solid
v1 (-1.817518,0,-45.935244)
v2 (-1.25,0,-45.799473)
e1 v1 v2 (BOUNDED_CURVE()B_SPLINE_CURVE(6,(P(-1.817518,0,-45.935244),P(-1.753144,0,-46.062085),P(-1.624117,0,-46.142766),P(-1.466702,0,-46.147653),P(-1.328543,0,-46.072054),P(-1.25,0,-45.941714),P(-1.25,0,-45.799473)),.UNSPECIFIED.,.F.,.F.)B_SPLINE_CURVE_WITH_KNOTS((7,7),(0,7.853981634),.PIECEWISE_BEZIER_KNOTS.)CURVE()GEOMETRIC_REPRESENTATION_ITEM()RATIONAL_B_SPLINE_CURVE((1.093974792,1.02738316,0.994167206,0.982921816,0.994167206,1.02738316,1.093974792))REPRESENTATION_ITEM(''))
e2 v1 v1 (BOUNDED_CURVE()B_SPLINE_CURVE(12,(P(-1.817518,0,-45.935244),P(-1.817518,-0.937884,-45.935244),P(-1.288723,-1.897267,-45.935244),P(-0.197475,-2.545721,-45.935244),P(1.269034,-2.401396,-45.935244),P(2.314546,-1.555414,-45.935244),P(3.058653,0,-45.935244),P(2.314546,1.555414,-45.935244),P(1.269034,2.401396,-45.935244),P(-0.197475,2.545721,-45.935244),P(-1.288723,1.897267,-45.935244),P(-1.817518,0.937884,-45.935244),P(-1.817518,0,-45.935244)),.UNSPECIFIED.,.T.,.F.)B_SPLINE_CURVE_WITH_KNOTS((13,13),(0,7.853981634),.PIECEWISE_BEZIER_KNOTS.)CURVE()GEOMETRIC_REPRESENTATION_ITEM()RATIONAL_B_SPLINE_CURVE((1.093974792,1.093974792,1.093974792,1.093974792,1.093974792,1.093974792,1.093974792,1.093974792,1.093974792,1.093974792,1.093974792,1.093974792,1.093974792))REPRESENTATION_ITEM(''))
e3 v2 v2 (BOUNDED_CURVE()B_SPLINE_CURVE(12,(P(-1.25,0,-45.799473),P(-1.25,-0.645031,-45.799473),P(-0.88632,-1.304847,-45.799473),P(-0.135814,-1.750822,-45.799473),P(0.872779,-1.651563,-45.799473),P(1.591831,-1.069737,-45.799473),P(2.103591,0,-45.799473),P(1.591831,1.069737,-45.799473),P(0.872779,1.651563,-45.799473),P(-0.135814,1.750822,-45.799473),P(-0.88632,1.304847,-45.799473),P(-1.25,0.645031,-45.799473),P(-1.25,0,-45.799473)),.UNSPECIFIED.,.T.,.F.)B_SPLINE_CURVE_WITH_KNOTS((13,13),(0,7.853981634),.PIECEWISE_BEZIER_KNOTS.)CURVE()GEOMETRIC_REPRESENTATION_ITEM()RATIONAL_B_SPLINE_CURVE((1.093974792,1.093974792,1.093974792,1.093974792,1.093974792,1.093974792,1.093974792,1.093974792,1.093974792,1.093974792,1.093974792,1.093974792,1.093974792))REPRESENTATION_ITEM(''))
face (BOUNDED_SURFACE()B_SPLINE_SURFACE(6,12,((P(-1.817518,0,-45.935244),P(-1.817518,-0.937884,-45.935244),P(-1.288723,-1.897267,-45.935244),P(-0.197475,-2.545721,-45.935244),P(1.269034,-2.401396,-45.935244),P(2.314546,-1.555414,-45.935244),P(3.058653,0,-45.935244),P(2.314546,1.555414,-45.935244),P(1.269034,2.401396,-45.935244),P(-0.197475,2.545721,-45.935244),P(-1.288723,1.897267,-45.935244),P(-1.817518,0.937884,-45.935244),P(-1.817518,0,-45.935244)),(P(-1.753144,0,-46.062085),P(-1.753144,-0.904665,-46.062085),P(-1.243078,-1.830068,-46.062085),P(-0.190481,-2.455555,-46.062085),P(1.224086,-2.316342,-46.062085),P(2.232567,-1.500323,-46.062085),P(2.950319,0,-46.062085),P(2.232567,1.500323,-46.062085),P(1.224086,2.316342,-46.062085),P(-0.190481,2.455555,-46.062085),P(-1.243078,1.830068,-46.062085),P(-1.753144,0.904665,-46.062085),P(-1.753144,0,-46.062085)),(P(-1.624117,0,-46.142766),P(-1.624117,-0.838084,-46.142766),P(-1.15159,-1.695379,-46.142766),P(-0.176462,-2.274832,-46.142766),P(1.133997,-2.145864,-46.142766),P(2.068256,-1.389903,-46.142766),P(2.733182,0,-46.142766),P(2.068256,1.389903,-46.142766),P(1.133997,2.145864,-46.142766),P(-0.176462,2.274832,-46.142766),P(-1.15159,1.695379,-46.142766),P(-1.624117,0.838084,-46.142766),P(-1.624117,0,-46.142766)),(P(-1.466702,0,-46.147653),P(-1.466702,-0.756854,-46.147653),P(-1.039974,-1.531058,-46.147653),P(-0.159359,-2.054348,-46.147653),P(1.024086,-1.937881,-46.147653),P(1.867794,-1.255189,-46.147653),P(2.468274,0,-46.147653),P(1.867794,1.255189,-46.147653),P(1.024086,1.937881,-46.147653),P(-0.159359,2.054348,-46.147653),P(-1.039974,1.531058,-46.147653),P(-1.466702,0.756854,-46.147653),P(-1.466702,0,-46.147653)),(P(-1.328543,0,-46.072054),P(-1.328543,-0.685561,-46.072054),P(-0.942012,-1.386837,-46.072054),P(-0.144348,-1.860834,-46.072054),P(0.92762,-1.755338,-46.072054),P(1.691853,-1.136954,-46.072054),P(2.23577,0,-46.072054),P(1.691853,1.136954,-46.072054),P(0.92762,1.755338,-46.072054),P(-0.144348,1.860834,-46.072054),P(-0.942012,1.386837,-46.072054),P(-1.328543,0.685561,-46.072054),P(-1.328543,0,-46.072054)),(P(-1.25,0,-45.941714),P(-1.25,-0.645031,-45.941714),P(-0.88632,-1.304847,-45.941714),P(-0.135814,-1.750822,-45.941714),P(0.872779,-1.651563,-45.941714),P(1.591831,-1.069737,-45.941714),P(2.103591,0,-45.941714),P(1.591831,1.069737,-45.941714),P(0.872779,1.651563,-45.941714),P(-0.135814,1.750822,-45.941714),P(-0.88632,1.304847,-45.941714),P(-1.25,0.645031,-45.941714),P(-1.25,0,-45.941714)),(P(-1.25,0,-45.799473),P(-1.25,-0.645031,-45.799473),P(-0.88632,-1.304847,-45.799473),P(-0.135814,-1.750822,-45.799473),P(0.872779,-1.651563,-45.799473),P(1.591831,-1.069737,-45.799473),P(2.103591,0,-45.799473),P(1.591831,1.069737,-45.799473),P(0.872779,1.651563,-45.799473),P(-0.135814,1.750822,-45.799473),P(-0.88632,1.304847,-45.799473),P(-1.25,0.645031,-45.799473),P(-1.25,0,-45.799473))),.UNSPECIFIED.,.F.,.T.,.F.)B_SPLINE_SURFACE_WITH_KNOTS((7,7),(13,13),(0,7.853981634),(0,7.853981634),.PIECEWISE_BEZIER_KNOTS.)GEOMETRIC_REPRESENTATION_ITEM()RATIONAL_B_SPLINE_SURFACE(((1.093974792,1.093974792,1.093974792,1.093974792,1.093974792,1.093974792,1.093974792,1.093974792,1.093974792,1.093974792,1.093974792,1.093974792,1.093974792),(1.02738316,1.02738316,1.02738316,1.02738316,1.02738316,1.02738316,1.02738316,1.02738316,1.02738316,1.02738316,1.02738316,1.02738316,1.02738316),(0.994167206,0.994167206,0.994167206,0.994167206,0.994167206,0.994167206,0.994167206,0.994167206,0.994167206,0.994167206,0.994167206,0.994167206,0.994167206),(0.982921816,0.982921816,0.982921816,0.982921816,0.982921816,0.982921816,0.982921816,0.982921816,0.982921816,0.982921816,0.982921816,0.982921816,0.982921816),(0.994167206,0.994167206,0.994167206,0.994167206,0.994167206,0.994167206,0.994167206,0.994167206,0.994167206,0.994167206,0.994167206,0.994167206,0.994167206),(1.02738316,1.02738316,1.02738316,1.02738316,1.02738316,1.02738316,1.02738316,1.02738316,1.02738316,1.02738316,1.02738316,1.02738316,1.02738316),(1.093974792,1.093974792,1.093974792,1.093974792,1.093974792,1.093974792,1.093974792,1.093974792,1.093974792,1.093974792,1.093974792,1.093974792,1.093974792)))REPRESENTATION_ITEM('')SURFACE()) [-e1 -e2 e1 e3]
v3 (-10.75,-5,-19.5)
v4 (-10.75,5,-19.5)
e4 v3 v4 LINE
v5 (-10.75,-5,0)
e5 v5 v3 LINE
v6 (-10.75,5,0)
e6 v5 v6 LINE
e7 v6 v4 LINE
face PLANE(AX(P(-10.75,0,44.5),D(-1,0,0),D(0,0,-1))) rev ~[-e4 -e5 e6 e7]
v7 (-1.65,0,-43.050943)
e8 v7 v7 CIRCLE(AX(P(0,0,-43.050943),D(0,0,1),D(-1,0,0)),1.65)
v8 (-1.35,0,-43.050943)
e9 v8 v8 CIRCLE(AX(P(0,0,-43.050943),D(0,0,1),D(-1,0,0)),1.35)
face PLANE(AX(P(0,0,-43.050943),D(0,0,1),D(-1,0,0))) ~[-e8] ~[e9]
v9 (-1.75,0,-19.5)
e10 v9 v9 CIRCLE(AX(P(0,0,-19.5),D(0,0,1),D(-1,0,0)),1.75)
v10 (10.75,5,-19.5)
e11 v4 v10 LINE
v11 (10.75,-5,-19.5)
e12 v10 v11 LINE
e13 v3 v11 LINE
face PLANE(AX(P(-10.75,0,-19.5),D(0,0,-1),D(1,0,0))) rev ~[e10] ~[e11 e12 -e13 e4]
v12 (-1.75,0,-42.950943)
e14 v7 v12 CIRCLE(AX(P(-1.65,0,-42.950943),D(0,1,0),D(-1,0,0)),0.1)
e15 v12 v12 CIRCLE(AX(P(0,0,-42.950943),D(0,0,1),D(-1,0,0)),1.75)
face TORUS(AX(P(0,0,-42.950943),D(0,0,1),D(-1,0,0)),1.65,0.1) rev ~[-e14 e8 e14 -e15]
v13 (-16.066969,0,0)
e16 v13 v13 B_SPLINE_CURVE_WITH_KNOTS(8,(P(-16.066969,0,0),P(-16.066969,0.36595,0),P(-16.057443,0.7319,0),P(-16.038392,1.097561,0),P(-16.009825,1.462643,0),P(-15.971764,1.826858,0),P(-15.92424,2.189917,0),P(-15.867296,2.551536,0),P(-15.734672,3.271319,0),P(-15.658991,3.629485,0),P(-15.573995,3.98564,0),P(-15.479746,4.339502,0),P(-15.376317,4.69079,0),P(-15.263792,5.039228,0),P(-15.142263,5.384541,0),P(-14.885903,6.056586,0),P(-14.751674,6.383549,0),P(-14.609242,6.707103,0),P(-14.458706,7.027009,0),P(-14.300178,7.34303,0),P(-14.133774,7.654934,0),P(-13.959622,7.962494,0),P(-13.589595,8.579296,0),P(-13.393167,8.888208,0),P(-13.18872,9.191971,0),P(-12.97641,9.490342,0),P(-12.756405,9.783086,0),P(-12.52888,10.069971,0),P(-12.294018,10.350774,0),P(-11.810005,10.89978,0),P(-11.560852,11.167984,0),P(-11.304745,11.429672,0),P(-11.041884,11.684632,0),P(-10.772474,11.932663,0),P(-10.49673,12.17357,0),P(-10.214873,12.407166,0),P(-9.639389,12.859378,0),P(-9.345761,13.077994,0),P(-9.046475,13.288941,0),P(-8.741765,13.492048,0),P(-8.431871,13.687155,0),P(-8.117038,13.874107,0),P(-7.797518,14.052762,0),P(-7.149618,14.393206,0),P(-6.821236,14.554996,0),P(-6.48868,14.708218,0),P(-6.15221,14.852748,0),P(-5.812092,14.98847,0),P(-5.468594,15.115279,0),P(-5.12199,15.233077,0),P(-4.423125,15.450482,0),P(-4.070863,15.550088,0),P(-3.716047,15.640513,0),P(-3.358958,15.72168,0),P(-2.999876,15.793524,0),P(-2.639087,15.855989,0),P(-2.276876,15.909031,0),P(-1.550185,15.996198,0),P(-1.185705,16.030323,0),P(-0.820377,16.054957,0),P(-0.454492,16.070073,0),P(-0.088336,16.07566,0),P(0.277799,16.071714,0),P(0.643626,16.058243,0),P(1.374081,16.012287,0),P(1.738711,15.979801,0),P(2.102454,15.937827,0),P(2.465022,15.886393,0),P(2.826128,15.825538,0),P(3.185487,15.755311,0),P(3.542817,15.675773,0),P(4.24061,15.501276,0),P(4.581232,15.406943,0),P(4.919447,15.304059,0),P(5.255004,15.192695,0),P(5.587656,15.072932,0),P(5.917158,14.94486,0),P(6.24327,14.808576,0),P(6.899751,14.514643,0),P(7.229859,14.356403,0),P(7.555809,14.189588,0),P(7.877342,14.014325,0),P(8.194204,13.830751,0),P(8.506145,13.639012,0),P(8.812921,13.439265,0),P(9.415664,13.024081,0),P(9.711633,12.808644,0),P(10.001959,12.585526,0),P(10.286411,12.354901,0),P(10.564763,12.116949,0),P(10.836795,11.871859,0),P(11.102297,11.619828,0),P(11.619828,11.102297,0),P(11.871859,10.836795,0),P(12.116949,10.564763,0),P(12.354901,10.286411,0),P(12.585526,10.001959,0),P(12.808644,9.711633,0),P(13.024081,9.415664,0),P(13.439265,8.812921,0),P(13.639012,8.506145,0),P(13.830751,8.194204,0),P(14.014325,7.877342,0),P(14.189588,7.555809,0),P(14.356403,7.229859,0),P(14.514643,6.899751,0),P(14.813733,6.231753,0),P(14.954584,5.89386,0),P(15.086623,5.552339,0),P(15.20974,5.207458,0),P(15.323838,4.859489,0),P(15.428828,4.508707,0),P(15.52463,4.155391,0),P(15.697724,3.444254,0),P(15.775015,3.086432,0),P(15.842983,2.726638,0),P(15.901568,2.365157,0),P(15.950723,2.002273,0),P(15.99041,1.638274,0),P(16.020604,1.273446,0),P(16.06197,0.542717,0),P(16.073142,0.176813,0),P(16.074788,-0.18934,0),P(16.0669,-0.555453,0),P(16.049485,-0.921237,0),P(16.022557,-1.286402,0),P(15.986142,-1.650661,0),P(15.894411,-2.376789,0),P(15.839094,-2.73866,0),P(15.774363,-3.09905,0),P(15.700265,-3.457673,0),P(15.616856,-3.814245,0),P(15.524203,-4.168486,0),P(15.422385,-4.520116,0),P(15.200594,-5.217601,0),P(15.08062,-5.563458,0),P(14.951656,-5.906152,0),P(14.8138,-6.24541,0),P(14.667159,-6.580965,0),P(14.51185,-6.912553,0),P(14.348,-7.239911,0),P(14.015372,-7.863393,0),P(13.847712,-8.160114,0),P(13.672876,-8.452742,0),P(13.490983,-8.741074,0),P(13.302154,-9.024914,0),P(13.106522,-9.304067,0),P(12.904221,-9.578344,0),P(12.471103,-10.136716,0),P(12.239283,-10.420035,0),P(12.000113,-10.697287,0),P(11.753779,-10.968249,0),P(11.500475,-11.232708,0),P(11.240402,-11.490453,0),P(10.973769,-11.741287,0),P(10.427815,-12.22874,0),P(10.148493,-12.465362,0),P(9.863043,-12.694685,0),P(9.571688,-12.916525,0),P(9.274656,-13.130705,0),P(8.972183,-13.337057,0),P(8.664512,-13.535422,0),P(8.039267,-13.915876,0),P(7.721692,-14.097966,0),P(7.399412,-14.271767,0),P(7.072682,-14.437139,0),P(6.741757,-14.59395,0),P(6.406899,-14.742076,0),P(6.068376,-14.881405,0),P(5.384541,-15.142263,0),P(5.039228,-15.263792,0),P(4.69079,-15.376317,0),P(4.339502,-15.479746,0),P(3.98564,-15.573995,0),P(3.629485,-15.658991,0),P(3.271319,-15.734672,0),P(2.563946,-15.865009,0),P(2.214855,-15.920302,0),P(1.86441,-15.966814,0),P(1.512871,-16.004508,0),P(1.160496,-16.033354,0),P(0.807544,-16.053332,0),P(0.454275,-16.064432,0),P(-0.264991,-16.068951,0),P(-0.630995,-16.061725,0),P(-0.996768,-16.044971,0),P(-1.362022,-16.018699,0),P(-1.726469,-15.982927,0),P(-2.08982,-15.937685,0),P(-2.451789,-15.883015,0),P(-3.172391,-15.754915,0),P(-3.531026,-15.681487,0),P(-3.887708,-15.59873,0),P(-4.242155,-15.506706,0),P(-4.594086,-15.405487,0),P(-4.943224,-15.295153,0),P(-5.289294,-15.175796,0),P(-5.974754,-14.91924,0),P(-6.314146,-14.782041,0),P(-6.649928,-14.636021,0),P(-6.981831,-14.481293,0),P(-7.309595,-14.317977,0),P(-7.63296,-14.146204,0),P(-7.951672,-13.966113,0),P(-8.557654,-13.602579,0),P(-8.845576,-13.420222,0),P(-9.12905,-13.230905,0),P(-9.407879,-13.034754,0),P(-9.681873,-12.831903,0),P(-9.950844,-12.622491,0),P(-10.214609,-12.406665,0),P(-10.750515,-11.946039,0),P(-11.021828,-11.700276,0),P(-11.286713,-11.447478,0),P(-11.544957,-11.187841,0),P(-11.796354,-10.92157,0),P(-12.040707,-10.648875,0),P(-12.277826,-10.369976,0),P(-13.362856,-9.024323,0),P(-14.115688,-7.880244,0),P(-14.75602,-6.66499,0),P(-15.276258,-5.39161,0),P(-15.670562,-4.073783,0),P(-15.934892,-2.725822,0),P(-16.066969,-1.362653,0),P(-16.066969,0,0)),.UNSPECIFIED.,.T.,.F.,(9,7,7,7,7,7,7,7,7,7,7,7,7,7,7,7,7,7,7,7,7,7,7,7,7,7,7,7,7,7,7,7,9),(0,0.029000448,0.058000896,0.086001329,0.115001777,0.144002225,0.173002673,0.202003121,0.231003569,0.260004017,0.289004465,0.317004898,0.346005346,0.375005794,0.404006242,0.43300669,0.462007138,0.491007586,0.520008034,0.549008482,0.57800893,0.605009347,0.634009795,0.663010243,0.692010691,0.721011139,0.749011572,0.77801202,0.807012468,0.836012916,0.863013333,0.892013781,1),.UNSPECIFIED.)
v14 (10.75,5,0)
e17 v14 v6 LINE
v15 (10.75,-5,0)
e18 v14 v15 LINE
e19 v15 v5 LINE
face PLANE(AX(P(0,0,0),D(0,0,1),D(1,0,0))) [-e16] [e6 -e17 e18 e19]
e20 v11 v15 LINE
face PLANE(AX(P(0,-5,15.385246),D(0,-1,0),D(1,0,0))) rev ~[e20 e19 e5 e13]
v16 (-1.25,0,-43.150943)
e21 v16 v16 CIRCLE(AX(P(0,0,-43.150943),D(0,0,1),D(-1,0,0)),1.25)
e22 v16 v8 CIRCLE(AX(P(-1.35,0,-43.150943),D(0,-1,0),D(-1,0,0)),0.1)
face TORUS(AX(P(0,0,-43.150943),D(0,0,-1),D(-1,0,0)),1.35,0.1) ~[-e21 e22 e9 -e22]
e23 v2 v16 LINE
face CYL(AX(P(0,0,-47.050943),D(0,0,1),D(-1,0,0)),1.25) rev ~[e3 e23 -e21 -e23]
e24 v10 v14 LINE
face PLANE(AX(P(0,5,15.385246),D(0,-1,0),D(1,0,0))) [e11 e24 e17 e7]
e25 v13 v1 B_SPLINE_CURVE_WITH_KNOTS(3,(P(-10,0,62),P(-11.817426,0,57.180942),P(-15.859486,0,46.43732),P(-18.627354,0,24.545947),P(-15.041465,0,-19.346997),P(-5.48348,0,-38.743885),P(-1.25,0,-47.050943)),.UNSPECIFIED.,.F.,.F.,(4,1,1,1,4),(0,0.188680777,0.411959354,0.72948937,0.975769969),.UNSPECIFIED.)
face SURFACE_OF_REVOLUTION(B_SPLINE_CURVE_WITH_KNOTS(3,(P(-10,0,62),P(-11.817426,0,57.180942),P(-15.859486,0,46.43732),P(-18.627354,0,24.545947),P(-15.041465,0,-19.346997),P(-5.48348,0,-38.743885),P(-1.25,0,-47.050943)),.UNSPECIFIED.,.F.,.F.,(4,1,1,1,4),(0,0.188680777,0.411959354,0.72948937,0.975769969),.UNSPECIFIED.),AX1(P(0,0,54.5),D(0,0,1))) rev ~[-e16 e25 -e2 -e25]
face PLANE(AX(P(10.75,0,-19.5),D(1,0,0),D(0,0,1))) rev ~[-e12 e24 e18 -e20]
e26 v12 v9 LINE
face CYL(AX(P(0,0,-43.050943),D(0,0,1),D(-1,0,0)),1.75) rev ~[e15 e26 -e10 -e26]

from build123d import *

# Parameters (mm, degrees)
F3_DEPTH  = 5
F5_DEPTH  = 15
F6_W      = 2
F6_H      = 3
F7_DEPTH  = 20.5
F8_W      = 3
F8_H      = 1
F9_DEPTH  = 17.5068136575
F10_R     = 0.3
F11_R     = 0.1
F12_R     = 0.1
F13_W     = 100
F13_H     = 100
F14_DEPTH = 62.0010001


with BuildPart() as f2:
    # F1 (on Front) → F2 (revolve)
    with BuildSketch(Plane.XZ):
        with BuildLine():
            Line((-2, 62), (-10, 62))
            add(Edge.make_bspline(
                [(-10, 62), (-11.8174263966, 57.1809415466), (-15.8594861297, 46.4373198499), (-18.6273544316, 24.5459471202), (-15.0414654734, -19.3469968059), (-5.4834802074, -38.7438846901), (-1.25, -47.0509425635)],
                knots=[0, 0, 0, 0, 0.1886807773, 0.4119593541, 0.7294893705, 0.9757699691, 0.9757699691, 0.9757699691, 0.9757699691], degree=3))
            Line((-1.25, -47.0509425635), (-1.25, -43.0509425635))
            Line((-1.25, -43.0509425635), (-1.75, -43.0509425635))
            Line((-1.75, -43.0509425635), (-1.75, -19.5))
            Line((-1.75, -19.5), (0, -19.5))
            Line((0, -19.5), (0, 47))
            Line((0, 47), (0, 50))
            Line((0, 50), (-2, 50))
            Line((-2, 50), (-2, 62))
        make_face()
    revolve(axis=Axis((0, 0, 54.5), (0, 0, 1)))

    # F0 (on Front) → F3 (cut, symmetric)
    with BuildSketch(Plane.XZ):
        Polygon((-10.75, -19.5), (10.75, -19.5), (10.75, 44.5), (9, 44.5), (9, 50.5), (-9, 50.5), (-9, 44.5), (-10.75, 44.5), align=None)
    extrude(amount=F3_DEPTH, both=True, mode=Mode.SUBTRACT)

    # F4 (on face) → F5 (cut)
    with BuildSketch(Plane.XY.offset(62)):
        Polygon((1.2421649551, -1.9468845774), (2.3071339798, 0.1023041181), (1.0649690247, 2.0491886955), (-1.2421649551, 1.9468845774), (-2.3071339798, -0.1023041181), (-1.0649690247, -2.0491886955), align=None)
    extrude(amount=-F5_DEPTH, mode=Mode.SUBTRACT)

    # F6 (on Right) → F7 (cut, symmetric)
    with BuildSketch(Plane.YZ):
        with Locations((-0.8976958819, 48.5)):
            Rectangle(F6_W, F6_H)
    extrude(amount=F7_DEPTH, both=True, mode=Mode.SUBTRACT)

    # F8 (on Front) → F9 (cut, through all)
    with BuildSketch(Plane.XZ):
        with Locations((0, 41.5)):
            Rectangle(F8_W, F8_H)
    extrude(amount=F9_DEPTH, mode=Mode.SUBTRACT)

    # F10
    f10_edges = [f2.edges().sort_by_distance(p)[0] for p in [
        (1.25, 0, -47.050943),
    ]]
    fillet(f10_edges, radius=F10_R)

    # F11
    f11_edges = [f2.edges().sort_by_distance(p)[0] for p in [
        (1.25, 0, -43.050943),
    ]]
    fillet(f11_edges, radius=F11_R)

    # F12
    f12_edges = [f2.edges().sort_by_distance(p)[0] for p in [
        (1.75, 0, -43.050943),
    ]]
    fillet(f12_edges, radius=F12_R)

    # F13 (on Top) → F14 (cut, through all)
    with BuildSketch(Plane.XY):
        Rectangle(F13_W, F13_H)
    extrude(amount=F14_DEPTH, mode=Mode.SUBTRACT)


solid = f2.part
